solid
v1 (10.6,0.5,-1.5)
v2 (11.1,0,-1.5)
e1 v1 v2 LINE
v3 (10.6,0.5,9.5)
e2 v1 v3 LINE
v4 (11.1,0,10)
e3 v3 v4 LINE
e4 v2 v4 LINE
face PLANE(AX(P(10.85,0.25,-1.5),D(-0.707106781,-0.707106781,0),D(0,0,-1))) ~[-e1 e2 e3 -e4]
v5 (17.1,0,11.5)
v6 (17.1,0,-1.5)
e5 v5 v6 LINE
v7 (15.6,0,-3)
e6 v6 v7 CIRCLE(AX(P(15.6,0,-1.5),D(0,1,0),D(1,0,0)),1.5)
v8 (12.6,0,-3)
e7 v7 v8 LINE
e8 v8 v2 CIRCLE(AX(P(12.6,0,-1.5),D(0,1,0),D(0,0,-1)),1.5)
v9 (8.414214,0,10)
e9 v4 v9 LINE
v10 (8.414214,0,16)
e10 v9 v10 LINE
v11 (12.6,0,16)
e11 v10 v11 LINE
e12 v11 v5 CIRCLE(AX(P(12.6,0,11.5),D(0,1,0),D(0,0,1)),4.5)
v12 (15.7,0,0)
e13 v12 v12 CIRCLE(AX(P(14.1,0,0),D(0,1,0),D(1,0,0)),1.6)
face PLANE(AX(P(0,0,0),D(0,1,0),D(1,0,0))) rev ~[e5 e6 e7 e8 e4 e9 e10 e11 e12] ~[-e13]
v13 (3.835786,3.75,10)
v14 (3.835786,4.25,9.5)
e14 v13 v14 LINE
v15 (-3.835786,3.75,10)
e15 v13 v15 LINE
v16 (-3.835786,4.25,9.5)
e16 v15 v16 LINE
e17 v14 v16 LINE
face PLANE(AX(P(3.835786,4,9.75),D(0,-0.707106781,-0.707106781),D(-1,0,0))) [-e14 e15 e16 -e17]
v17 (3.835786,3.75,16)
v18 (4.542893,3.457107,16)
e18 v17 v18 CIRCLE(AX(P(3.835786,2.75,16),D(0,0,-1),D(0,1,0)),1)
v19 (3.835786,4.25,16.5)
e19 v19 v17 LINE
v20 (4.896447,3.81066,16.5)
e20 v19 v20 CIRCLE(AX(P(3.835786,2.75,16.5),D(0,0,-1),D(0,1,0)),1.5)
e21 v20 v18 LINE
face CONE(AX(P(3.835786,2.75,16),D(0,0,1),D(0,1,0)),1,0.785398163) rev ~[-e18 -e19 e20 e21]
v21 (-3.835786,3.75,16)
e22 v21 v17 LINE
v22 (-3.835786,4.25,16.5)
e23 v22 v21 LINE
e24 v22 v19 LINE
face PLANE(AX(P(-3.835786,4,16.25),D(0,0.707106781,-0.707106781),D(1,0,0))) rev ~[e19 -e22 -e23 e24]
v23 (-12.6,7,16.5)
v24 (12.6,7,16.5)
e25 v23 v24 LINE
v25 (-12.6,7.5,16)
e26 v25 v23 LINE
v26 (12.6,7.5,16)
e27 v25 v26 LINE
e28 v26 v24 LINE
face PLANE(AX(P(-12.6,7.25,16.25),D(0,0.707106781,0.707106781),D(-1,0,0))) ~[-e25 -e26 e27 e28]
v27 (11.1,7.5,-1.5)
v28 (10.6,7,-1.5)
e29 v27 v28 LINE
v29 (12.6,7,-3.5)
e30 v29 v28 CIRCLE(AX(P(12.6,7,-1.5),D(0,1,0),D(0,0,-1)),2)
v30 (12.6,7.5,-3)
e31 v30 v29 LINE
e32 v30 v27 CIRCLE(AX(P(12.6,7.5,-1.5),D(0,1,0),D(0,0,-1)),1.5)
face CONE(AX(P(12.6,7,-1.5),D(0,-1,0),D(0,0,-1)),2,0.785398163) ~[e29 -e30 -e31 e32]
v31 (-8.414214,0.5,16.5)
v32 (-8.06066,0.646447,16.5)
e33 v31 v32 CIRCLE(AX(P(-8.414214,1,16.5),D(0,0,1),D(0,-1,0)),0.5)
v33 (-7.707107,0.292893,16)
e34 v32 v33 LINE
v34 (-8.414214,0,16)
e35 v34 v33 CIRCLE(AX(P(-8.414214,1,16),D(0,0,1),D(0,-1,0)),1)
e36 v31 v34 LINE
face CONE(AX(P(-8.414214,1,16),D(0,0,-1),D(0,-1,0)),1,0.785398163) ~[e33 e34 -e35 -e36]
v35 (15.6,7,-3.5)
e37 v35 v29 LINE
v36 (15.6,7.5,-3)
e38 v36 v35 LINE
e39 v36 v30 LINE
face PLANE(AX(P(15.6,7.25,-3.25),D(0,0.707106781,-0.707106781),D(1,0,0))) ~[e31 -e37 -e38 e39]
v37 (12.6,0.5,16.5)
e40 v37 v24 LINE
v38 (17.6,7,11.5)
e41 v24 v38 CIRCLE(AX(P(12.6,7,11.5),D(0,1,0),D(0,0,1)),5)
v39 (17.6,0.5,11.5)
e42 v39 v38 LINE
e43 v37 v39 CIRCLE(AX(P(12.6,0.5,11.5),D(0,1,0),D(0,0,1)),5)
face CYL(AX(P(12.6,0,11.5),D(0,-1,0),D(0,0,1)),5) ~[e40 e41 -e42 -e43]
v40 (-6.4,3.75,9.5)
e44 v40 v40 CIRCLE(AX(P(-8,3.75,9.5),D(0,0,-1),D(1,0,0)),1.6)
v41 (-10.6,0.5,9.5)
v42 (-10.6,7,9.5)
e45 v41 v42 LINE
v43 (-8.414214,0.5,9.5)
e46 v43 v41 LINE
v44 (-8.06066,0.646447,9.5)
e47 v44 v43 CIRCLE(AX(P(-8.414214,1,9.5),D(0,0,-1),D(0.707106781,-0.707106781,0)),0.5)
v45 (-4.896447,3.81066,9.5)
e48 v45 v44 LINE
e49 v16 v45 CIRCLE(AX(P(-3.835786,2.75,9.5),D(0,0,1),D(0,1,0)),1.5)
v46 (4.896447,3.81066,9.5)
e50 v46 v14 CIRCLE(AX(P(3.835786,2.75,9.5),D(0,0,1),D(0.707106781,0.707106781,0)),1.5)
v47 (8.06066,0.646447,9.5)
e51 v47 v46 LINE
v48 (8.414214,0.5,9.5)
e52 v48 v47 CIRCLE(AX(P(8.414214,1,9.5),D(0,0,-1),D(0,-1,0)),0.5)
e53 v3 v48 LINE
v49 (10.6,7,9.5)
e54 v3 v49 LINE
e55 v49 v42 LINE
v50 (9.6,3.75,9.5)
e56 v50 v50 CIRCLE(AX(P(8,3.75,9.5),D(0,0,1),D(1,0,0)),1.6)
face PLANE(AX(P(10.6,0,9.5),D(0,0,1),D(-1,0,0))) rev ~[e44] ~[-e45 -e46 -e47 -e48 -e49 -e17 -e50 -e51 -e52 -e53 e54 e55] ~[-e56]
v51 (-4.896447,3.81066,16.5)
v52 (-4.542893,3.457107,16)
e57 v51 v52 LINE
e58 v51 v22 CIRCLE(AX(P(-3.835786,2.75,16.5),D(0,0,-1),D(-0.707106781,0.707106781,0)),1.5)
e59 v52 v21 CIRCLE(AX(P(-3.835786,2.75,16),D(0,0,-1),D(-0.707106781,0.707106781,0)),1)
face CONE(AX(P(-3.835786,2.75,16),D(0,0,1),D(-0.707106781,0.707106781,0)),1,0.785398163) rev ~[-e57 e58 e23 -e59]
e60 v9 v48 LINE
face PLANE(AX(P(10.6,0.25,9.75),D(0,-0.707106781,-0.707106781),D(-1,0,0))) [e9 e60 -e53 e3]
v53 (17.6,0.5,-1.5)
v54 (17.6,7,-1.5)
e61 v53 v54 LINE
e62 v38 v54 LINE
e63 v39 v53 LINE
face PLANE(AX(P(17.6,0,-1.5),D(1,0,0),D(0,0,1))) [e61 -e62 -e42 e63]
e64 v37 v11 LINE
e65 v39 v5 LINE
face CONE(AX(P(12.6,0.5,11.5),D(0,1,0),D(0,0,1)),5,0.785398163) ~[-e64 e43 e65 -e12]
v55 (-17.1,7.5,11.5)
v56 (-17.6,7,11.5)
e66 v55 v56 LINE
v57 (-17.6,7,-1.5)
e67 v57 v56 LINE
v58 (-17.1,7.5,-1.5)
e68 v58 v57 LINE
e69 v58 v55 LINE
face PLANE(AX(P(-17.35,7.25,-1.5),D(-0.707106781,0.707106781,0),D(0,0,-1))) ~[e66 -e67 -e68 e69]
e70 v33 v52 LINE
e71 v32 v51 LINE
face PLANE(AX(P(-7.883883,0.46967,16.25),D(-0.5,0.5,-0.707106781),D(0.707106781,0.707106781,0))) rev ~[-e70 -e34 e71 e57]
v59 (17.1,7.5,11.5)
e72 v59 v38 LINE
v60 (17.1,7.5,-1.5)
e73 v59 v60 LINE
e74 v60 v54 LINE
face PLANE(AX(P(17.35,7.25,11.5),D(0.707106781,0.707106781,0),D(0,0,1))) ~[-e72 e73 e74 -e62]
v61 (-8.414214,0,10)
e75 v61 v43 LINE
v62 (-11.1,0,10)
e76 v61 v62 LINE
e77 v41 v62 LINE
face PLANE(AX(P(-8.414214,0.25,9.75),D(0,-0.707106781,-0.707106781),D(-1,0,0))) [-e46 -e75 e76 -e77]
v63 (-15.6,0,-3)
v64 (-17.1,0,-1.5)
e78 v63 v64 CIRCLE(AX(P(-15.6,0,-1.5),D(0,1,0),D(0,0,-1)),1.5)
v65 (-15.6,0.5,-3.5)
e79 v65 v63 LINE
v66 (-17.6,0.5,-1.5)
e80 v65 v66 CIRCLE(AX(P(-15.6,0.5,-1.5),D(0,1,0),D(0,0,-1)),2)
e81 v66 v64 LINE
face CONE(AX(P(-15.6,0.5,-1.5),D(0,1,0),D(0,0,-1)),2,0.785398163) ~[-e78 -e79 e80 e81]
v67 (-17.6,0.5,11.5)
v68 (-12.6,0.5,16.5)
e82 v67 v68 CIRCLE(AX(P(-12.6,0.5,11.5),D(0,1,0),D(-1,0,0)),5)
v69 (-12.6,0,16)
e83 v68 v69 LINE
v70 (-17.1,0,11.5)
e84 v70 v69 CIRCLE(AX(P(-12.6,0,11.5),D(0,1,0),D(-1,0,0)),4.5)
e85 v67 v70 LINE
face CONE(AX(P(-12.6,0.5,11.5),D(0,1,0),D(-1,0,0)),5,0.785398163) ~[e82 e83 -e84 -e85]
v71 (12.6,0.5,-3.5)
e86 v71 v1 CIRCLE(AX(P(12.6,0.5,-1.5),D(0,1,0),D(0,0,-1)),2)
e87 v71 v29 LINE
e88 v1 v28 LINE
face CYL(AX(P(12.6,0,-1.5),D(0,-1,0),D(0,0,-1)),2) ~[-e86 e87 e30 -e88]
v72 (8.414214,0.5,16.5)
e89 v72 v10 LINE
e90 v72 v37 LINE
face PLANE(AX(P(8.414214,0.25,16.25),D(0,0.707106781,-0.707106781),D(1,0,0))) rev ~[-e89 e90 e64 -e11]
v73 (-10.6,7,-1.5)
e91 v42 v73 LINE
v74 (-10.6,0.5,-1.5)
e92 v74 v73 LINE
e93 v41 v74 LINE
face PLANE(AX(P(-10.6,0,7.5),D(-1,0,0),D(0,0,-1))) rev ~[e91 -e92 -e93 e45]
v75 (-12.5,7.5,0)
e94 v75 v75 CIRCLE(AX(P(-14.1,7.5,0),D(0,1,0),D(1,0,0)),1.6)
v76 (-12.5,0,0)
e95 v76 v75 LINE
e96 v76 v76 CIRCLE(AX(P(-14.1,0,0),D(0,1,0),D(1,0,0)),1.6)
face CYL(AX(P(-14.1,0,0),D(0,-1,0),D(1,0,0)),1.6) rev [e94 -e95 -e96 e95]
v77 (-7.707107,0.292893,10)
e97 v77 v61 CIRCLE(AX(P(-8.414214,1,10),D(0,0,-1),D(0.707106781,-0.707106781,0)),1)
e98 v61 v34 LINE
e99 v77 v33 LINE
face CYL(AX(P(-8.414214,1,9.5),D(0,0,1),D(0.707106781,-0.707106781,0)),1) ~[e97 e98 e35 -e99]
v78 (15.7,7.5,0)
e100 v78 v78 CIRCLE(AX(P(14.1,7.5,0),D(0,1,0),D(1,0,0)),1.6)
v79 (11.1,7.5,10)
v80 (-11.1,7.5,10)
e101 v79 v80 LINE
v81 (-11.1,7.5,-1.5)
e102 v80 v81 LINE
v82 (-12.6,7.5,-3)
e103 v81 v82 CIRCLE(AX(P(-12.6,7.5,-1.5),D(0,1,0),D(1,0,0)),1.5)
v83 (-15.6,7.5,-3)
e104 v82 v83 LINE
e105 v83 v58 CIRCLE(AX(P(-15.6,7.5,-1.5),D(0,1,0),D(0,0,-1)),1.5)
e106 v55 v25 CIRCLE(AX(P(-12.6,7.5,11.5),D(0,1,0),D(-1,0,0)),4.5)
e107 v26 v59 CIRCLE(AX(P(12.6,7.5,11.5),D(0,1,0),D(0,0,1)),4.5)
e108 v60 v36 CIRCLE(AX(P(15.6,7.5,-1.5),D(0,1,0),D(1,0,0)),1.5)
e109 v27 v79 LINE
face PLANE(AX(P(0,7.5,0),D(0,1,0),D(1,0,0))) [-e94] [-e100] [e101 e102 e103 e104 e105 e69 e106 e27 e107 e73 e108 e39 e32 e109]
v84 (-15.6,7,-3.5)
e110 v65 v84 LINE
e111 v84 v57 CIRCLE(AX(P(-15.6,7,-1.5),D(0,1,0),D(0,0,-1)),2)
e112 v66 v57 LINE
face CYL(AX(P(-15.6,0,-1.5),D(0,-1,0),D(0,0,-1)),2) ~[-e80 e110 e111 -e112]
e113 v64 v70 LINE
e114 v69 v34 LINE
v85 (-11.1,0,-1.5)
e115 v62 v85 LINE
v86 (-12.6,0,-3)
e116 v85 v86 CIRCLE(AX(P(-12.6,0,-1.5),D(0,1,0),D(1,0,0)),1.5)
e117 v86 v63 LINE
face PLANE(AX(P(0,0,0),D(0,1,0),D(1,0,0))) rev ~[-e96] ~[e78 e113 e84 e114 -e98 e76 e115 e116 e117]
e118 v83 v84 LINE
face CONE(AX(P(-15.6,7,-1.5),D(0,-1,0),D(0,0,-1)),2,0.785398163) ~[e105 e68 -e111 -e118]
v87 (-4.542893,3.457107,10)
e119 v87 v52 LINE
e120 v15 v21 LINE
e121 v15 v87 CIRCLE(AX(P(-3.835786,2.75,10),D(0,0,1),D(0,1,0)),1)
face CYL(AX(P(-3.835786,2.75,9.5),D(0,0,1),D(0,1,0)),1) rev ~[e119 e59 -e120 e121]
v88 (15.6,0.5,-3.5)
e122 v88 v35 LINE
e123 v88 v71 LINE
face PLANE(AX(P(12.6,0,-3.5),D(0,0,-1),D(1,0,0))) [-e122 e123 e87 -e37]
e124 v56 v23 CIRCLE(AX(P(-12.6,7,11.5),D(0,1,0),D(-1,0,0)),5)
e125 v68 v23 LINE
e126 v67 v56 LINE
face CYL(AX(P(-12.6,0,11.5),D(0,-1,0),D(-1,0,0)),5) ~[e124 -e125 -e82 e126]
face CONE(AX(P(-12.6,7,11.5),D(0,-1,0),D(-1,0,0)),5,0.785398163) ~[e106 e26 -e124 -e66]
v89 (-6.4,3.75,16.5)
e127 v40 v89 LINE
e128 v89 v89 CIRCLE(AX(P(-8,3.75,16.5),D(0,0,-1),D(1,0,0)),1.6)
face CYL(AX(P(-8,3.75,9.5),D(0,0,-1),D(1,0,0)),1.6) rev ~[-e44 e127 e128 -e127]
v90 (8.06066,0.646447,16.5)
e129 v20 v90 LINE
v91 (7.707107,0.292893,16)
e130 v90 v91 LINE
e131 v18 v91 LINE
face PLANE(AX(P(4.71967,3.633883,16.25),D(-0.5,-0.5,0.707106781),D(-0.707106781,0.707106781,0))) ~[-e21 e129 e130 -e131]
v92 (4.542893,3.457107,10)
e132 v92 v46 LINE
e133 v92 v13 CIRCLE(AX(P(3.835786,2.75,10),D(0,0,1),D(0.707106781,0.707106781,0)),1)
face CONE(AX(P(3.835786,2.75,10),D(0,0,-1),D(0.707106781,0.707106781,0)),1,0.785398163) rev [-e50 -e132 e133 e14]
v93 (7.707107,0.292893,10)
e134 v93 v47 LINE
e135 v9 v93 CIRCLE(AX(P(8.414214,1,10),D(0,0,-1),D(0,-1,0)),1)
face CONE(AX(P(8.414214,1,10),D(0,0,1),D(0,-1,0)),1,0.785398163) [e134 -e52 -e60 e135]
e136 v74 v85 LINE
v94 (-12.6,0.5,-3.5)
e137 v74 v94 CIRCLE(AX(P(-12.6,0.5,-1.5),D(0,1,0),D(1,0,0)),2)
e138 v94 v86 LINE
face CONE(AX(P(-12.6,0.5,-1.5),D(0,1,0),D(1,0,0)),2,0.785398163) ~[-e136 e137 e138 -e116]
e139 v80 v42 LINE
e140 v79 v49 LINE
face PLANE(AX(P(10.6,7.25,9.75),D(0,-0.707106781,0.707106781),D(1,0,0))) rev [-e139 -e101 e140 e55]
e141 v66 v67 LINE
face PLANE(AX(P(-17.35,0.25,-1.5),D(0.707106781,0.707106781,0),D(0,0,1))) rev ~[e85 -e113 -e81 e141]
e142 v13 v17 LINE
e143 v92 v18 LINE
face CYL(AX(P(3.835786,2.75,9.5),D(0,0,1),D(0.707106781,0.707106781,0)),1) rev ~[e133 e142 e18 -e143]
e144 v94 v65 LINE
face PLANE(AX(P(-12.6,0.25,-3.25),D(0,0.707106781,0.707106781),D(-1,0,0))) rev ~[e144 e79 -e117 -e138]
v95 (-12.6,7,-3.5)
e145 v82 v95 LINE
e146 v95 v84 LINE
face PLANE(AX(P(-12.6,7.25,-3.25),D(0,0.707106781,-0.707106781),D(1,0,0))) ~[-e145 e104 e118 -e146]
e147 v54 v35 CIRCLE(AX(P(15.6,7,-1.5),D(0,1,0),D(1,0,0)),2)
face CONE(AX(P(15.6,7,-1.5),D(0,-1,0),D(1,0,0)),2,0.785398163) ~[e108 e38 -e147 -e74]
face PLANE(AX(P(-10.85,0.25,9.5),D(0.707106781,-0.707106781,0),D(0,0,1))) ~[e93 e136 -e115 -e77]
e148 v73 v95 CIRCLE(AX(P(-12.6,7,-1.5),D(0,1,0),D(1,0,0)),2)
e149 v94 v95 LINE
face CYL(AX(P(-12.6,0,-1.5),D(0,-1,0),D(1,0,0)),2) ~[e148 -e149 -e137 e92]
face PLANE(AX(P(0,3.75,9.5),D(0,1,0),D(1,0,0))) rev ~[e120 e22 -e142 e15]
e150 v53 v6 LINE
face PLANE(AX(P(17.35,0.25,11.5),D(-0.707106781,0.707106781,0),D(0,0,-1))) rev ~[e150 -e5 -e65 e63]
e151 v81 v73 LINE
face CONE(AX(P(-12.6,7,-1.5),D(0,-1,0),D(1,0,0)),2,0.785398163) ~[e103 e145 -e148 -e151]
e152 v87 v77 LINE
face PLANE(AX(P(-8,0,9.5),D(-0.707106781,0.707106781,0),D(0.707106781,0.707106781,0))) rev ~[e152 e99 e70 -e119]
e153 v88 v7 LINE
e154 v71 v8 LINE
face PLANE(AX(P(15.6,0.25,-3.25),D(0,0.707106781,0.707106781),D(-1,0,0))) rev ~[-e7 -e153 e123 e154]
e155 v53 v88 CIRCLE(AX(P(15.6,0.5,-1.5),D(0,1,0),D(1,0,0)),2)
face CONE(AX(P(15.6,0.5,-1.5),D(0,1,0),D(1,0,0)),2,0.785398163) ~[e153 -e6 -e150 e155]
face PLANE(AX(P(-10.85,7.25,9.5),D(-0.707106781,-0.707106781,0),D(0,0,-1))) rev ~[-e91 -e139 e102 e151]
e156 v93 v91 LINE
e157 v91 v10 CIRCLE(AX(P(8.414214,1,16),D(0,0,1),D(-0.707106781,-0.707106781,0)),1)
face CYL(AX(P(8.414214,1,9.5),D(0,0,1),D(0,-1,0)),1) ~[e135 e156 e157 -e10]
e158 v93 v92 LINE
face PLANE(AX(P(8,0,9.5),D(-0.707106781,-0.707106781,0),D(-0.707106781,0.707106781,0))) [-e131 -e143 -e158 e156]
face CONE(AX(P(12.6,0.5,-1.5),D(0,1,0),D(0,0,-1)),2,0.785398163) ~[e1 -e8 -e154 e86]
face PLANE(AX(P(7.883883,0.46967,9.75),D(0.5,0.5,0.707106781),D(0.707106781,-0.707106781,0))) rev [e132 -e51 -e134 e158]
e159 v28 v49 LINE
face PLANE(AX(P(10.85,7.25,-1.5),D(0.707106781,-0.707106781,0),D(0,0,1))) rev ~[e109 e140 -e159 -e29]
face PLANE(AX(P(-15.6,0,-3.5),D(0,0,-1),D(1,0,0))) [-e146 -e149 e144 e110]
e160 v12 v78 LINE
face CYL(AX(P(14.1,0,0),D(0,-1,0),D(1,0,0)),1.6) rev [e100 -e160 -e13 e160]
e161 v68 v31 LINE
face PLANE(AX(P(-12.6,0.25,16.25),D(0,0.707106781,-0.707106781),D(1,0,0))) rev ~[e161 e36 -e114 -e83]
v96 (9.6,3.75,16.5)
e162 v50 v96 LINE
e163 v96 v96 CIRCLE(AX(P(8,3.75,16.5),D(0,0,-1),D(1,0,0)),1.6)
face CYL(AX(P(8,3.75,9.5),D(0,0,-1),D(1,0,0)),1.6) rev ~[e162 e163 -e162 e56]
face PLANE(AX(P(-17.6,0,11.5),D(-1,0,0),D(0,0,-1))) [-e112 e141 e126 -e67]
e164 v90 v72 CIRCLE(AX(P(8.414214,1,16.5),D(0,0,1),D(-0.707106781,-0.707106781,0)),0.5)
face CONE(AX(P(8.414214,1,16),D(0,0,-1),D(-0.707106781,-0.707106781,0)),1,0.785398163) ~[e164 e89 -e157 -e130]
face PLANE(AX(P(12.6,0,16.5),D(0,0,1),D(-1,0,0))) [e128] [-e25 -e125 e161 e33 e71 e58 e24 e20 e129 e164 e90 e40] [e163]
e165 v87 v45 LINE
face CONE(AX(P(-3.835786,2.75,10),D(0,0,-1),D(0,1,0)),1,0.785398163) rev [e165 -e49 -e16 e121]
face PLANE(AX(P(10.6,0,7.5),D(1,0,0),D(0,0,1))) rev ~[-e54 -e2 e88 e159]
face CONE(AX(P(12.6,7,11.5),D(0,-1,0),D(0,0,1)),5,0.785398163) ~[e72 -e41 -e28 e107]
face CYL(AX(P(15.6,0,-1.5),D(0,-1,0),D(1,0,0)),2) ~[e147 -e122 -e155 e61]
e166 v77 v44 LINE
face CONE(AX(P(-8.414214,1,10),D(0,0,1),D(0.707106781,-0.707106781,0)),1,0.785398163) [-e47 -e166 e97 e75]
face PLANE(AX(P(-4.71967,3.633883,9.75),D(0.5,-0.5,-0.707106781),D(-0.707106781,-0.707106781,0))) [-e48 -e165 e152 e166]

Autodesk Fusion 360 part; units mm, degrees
sketch "Sketch1" plane through (0, 0, 0) normal (0, 1, 0) x (1, 0, 0)
  circle A0 centre (-14.1, 0) radius 1.6
  circle A1 centre (14.1, 0) radius 1.6
  line L0 (17.6, 1.5) -> (17.6, -11.5)
  line L1 (12.6, -16.5) -> (-12.6, -16.5)
  line L2 (-17.6, -11.5) -> (-17.6, 1.5)
  line L3 (10.6, 1.5) -> (10.6, -7.5)
  line L4 (-10.6, -7.5) -> (-10.6, 1.5)
  line L5 (12.6, 3.5) -> (15.6, 3.5)
  line L6 (-15.6, 3.5) -> (-12.6, 3.5)
  arc A2 (-17.6, -11.5) -> (-12.6, -16.5) centre (-12.6, -11.5) ccw
  arc A3 (12.6, -16.5) -> (17.6, -11.5) centre (12.6, -11.5) ccw
  arc A4 (-15.6, 3.5) -> (-17.6, 1.5) centre (-15.6, 1.5) ccw
  arc A5 (-10.6, 1.5) -> (-12.6, 3.5) centre (-12.6, 1.5) ccw
  arc A6 (12.6, 3.5) -> (10.6, 1.5) centre (12.6, 1.5) ccw
  arc A7 (17.6, 1.5) -> (15.6, 3.5) centre (15.6, 1.5) ccw
  line L7 (10.6, -7.5) -> (10.6, -9.5)
  line L8 (10.6, -9.5) -> (-10.6, -9.5)
  line L9 (-10.6, -9.5) -> (-10.6, -7.5)
  dimension "d2" = 14.1
  dimension "d3" = 3.2
  dimension "d4" = 3.2
  dimension "d11" = 5
  dimension "d12" = 2
extrude "Extrude1" add sketch "Sketch1" along normal blind 7.5
sketch "Sketch2" plane through (0, 0, 9.5) normal (0, 0, -1) x (1, 0, 0)
  line L0 (8.6, 0) -> (-8.6, 0)
  line L1 (-12.6, 0) -> (12.6, 0)
  line L2 (-8, 0) -> (-2.6967, 0) construction
  line L3 (-12.6, 0) -> (12.6, 0)
  line L4 (10.6, 0) -> (-10.6, 0)
  line L5 (-10.6, 0) -> (-10.6, -7.5)
  line L6 (-10.6, -7.5) -> (10.6, -7.5)
  line L7 (10.6, -7.5) -> (10.6, 0)
  circle A0 centre (8, -3.75) radius 1.6
  line L8 (-12.6, -7.5) -> (-12.6, 0)
  line L9 (8, 0) -> (4.25, -3.75)
  line L10 (12.6, -7.5) -> (-12.6, -7.5)
  line L11 (0, -3.75) -> (8, -3.75)
  circle A1 centre (-8, -3.75) radius 1.6
  line L12 (12.6, 0) -> (12.6, -7.5)
  line L13 (-8, 0) -> (-4.25, -3.75)
  line L14 (0, -3.75) -> (-8, -3.75)
  point P0 (0, -3.75)
extrude "Extrude2" cut sketch "Sketch2" against normal blind 8 contours A0 | A1 | L0 L1 L3 L4 L9 L11 L13 L14
fillet "Fillet2" radius 1 4 edges at (-8, 0, 13) (-4.25, 3.75, 13) (4.25, 3.75, 13) (8, 0, 13)
chamfer "Chamfer5" distance 0.5 angle 45 44 edges at (-10.6, 7.5, 4) (-11.1858, 7.5, -2.9142) (-14.1, 7.5, -3.5) (-17.0142, 7.5, -2.9142) (-17.6, 7.5, 5) (-16.1355, 7.5, 15.0355) (0, 7.5, 16.5) (16.1355, 7.5, 15.0355) (17.6, 7.5, 5) (17.0142, 7.5, -2.9142) (14.1, 7.5, -3.5) (11.1858, 7.5, -2.9142) (10.6, 7.5, 4) (0, 7.5, 9.5) (-10.6, 0, 4) (-11.1858, 0, -2.9142) (-14.1, 0, -3.5) (-17.0142, 0, -2.9142) (-17.6, 0, 5) (-16.1355, 0, 15.0355) (-10.5071, 0, 16.5) (-8.0315, 0.0761, 16.5) (-6.125, 1.875, 16.5) (-4.2185, 3.6739, 16.5) (0, 3.75, 16.5) (4.2185, 3.6739, 16.5) (6.125, 1.875, 16.5) (8.0315, 0.0761, 16.5) (10.5071, 0, 16.5) (16.1355, 0, 15.0355) (17.6, 0, 5) (17.0142, 0, -2.9142) (14.1, 0, -3.5) (11.1858, 0, -2.9142) (10.6, 0, 4) (9.5071, 0, 9.5) (8.0315, 0.0761, 9.5) (6.125, 1.875, 9.5) (4.2185, 3.6739, 9.5) (0, 3.75, 9.5) (-4.2185, 3.6739, 9.5) (-6.125, 1.875, 9.5) (-8.0315, 0.0761, 9.5) (-9.5071, 0, 9.5)
